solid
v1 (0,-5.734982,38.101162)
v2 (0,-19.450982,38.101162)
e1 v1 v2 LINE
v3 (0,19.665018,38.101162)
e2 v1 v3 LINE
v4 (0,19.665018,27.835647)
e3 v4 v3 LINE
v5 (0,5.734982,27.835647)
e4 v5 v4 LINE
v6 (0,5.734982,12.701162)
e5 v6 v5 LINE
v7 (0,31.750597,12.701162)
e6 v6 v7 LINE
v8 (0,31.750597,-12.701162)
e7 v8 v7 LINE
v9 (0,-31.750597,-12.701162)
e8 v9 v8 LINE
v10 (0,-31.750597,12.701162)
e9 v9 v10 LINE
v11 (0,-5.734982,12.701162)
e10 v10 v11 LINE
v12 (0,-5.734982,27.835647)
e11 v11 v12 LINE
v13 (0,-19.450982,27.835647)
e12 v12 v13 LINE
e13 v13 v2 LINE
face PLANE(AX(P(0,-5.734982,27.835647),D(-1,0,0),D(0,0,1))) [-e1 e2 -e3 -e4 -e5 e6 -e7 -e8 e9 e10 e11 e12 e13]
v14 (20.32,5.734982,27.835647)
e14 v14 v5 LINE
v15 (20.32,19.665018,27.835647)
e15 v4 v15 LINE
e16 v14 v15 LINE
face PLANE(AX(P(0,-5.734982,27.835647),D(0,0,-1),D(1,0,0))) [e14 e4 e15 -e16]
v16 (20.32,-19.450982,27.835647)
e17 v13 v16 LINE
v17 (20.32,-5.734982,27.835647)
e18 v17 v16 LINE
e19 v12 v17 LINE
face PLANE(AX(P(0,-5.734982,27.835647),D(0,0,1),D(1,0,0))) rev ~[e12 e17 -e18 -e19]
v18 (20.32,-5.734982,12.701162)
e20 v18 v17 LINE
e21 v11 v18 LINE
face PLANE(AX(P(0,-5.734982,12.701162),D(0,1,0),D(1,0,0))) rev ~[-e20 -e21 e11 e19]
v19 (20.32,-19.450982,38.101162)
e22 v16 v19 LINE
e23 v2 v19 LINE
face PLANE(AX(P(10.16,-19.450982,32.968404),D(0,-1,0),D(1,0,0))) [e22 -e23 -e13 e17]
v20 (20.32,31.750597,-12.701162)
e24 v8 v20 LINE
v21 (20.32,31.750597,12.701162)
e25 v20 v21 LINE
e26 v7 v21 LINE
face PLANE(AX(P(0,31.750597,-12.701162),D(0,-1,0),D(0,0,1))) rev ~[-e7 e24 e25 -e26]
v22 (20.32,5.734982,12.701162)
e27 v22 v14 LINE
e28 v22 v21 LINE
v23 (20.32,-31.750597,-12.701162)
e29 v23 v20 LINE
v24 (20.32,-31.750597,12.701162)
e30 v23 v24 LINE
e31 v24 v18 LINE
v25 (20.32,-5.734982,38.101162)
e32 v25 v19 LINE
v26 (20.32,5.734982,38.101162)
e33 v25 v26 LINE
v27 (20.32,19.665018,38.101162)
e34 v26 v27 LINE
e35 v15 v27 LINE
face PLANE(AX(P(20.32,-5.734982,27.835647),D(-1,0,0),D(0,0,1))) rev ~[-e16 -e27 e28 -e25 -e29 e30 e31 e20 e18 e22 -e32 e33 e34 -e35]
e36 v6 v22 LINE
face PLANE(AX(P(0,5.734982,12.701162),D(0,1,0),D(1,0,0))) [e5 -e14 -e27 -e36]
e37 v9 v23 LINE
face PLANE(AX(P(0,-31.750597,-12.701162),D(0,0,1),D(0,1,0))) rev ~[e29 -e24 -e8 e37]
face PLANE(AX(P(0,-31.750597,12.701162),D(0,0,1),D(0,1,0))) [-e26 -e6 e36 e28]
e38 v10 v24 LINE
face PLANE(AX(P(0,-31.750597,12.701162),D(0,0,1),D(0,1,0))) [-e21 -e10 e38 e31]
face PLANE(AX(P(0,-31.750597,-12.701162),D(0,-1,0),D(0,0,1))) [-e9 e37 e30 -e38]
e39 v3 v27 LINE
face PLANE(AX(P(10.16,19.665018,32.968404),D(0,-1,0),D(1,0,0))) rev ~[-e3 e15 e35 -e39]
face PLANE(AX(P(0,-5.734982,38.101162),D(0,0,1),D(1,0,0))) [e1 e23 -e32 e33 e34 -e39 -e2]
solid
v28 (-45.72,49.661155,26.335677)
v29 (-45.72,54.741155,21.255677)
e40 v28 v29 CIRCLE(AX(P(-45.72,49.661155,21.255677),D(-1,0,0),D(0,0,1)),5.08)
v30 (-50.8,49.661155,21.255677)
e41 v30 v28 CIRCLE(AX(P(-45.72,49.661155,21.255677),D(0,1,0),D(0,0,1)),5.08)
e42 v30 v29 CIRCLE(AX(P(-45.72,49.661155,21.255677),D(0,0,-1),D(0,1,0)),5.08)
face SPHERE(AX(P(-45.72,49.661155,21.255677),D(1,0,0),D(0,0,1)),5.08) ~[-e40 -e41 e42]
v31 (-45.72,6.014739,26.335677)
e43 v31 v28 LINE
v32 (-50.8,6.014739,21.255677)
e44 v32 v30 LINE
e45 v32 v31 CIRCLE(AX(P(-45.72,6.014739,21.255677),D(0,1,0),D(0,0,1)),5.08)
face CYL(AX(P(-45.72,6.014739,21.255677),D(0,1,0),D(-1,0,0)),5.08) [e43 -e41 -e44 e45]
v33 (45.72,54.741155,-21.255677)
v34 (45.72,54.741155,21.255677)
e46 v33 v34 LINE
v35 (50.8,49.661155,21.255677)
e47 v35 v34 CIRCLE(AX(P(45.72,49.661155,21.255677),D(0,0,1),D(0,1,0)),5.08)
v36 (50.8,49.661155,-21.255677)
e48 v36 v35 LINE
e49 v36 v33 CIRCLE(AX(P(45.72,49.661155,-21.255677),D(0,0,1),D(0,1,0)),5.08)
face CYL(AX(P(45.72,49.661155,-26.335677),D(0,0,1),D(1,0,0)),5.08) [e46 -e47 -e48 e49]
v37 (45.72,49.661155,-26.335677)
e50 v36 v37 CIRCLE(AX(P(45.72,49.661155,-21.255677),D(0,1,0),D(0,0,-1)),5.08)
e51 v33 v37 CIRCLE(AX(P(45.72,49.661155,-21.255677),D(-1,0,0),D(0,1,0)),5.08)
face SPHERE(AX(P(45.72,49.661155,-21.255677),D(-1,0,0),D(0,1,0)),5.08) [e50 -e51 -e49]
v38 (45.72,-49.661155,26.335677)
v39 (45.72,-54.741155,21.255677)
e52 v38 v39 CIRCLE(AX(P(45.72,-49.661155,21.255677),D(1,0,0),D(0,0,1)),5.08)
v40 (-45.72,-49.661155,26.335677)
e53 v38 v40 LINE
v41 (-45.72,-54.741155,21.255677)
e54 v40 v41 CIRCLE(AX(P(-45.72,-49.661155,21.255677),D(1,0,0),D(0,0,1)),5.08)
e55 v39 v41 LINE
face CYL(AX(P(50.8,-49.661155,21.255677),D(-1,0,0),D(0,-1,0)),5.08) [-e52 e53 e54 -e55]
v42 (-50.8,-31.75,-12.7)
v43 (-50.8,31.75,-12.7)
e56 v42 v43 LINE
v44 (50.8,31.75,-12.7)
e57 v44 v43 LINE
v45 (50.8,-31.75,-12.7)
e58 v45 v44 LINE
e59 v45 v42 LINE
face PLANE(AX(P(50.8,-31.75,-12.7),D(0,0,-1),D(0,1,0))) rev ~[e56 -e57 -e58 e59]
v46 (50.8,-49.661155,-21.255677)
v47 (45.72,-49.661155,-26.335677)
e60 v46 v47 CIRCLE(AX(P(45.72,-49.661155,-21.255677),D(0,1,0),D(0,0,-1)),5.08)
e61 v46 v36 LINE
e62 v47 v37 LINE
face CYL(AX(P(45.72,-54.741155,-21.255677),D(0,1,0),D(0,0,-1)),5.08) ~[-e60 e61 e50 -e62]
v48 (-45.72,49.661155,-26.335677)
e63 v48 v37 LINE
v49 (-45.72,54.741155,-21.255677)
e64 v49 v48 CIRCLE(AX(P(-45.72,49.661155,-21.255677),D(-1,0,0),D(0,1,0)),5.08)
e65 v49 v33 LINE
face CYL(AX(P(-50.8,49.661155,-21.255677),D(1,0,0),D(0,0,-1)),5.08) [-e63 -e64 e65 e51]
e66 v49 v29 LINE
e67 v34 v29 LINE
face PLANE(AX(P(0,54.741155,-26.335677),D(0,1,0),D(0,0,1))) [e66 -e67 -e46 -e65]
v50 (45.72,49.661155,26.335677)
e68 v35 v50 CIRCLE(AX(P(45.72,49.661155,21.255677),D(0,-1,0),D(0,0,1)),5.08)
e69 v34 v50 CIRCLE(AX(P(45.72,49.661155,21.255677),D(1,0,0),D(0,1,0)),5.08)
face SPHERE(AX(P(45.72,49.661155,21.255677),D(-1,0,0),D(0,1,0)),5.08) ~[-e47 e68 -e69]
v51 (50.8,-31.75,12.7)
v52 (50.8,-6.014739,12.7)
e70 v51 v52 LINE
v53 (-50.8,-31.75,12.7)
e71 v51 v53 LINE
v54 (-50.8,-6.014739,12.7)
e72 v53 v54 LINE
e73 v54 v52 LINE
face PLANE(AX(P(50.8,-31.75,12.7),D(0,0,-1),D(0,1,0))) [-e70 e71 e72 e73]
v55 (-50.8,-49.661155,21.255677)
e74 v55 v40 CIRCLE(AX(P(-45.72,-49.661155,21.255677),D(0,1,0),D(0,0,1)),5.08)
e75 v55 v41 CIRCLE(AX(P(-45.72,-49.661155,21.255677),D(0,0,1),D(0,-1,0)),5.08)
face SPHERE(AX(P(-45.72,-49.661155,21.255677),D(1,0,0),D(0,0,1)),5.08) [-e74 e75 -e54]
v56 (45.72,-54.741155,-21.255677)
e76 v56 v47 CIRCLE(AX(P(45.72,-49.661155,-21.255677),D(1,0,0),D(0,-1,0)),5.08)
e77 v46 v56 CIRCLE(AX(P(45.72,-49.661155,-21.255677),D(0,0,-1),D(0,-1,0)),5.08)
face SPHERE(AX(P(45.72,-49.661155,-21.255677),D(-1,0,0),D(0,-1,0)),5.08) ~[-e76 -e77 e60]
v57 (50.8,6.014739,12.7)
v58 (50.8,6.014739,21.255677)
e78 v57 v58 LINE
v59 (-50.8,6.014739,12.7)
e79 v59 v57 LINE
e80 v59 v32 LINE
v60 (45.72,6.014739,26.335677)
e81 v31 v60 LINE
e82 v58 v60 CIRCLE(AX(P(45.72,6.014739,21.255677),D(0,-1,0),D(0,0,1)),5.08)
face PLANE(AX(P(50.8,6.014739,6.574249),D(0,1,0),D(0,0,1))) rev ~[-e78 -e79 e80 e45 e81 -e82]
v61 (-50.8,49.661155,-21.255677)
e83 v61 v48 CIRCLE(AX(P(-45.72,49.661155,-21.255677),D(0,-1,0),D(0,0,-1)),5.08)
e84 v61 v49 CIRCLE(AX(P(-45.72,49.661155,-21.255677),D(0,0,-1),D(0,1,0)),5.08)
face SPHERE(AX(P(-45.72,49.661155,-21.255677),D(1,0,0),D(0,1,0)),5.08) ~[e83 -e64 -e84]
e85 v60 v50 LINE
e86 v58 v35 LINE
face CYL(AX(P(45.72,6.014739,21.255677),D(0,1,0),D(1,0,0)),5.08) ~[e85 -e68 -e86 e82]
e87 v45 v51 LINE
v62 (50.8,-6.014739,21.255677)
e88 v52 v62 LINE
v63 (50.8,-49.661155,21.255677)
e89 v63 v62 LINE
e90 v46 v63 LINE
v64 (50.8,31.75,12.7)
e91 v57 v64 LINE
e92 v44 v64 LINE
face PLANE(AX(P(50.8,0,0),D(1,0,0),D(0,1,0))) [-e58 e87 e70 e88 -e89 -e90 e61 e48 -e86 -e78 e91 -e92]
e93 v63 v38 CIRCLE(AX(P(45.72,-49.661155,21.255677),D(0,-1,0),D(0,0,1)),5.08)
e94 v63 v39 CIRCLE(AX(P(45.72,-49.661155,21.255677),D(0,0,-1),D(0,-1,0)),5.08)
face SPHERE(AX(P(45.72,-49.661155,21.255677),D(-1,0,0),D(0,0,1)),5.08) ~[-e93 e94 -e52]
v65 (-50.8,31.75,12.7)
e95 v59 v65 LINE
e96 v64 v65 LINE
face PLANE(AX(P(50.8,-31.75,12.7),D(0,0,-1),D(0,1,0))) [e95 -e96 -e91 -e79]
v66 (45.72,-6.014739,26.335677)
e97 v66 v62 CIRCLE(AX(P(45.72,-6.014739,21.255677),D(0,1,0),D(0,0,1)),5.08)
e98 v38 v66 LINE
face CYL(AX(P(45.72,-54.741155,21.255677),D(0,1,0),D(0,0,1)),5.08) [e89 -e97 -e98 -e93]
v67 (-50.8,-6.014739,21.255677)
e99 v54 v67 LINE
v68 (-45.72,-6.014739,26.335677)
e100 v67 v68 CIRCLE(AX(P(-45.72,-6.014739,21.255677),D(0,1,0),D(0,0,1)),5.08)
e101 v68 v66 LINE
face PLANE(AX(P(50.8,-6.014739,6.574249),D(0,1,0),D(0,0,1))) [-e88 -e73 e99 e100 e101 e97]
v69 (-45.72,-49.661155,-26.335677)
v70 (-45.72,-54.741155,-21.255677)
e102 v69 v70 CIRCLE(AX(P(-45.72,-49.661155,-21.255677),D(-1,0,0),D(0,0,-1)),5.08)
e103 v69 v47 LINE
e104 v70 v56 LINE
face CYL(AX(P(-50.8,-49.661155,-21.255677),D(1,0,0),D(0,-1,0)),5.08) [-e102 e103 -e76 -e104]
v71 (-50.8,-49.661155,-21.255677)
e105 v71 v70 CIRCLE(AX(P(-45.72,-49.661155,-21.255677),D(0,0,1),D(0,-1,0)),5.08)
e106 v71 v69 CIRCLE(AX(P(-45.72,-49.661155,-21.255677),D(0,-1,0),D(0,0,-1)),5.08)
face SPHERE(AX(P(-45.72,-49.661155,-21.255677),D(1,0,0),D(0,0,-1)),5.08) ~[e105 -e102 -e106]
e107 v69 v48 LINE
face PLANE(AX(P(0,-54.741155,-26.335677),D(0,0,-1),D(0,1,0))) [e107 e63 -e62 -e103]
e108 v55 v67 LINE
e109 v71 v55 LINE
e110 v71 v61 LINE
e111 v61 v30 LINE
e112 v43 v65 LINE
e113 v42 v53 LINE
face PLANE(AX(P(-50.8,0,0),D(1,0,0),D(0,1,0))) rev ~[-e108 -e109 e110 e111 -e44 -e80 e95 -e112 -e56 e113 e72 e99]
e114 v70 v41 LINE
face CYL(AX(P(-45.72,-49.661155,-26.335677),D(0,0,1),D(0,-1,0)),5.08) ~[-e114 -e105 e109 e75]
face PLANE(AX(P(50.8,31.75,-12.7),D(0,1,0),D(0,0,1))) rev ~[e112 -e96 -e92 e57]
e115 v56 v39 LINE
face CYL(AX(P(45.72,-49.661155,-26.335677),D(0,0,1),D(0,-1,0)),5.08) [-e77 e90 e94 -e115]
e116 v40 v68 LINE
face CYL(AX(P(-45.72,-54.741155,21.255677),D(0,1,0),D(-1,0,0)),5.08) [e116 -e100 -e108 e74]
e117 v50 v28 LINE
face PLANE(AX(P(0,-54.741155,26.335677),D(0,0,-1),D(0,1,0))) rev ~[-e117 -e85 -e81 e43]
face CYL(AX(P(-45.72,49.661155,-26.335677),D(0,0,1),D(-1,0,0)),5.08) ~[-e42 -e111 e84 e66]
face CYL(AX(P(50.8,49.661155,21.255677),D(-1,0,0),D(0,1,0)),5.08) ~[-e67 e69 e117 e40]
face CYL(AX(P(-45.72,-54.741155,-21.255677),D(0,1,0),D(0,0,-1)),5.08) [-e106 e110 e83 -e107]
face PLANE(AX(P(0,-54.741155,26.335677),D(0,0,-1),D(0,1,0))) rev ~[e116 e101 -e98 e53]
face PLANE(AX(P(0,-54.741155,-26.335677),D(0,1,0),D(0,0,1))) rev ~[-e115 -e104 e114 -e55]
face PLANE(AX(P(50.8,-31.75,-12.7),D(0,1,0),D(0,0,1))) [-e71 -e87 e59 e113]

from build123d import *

# Parameters (mm, degrees)
F0_W           = 109.4823107123
F0_H           = 52.671354264
F1_DEPTH       = 50.8
F1_DEPTH_BACK  = 50.8
F2_W           = 63.5
F2_H           = 25.4
F3_DEPTH       = 124.714
F4_W           = 12.0294783264
F4_H           = 23.4994404018
F5_DEPTH       = 118.872
F6_W           = 63.5011941195
F6_H           = 25.4023242742
F7_DEPTH       = 20.32
F8_W           = 20.32
F8_H           = 11.4699648693
F9_DEPTH       = 25.4
F10_R          = 5.08
F11_W          = 20.32
F11_H          = 10.2655154929
F12_DEPTH      = 13.716
F12_DEPTH_BACK = 25.4


with BuildPart() as f1:
    # F0 (on Right) → F1 (new body, two sides)
    with BuildSketch(Plane.YZ) as f1_sk:
        Rectangle(F0_W, F0_H)
    extrude(amount=F1_DEPTH)
    extrude(f1_sk.sketch, amount=-F1_DEPTH_BACK)

    # F2 (on face) → F3 (cut)
    with BuildSketch(Plane.YZ.offset(50.8)):
        Rectangle(F2_W, F2_H)
    extrude(amount=-F3_DEPTH, mode=Mode.SUBTRACT)

    # F4 (on face) → F5 (cut)
    with BuildSketch(Plane.YZ.offset(50.8)):
        with Locations((0, 18.3239690959)):
            Rectangle(F4_W, F4_H)
    extrude(amount=-F5_DEPTH, mode=Mode.SUBTRACT)

    # F10
    f10_edges = [f1.edges().sort_by_distance(p)[0] for p in [
        (0, -54.741155, 26.335677),
        (0, 54.741155, 26.335677),
        (0, -54.741155, -26.335677),
        (0, 54.741155, -26.335677),
        (50.8, 54.741155, 0),
        (50.8, 30.377947, 26.335677),
        (50.8, -30.377947, 26.335677),
        (50.8, -54.741155, 0),
        (50.8, 0, -26.335677),
        (-50.8, 30.377947, 26.335677),
        (-50.8, -30.377947, 26.335677),
        (-50.8, 54.741155, 0),
        (-50.8, 0, -26.335677),
        (-50.8, -54.741155, 0),
    ]]
    fillet(f10_edges, radius=F10_R)


with BuildPart() as f7:
    # F6 (on Right) → F7 (new body)
    with BuildSketch(Plane.YZ):
        Rectangle(F6_W, F6_H)
    extrude(amount=F7_DEPTH)

    # F8 (on face) → F9 (join)
    with BuildSketch(Plane.XY.offset(12.7011621371)):
        with Locations((10.16, 0)):
            Rectangle(F8_W, F8_H)
    extrude(amount=F9_DEPTH)

    # F11 (on face) → F12 (join, two sides)
    with BuildSketch(Plane.XZ.offset(5.7349824347)) as f12_sk:
        with Locations((10.16, 32.9684043907)):
            Rectangle(F11_W, F11_H)
    extrude(amount=F12_DEPTH)
    extrude(f12_sk.sketch, amount=-F12_DEPTH_BACK)


solid = Compound([f1.part, f7.part])
